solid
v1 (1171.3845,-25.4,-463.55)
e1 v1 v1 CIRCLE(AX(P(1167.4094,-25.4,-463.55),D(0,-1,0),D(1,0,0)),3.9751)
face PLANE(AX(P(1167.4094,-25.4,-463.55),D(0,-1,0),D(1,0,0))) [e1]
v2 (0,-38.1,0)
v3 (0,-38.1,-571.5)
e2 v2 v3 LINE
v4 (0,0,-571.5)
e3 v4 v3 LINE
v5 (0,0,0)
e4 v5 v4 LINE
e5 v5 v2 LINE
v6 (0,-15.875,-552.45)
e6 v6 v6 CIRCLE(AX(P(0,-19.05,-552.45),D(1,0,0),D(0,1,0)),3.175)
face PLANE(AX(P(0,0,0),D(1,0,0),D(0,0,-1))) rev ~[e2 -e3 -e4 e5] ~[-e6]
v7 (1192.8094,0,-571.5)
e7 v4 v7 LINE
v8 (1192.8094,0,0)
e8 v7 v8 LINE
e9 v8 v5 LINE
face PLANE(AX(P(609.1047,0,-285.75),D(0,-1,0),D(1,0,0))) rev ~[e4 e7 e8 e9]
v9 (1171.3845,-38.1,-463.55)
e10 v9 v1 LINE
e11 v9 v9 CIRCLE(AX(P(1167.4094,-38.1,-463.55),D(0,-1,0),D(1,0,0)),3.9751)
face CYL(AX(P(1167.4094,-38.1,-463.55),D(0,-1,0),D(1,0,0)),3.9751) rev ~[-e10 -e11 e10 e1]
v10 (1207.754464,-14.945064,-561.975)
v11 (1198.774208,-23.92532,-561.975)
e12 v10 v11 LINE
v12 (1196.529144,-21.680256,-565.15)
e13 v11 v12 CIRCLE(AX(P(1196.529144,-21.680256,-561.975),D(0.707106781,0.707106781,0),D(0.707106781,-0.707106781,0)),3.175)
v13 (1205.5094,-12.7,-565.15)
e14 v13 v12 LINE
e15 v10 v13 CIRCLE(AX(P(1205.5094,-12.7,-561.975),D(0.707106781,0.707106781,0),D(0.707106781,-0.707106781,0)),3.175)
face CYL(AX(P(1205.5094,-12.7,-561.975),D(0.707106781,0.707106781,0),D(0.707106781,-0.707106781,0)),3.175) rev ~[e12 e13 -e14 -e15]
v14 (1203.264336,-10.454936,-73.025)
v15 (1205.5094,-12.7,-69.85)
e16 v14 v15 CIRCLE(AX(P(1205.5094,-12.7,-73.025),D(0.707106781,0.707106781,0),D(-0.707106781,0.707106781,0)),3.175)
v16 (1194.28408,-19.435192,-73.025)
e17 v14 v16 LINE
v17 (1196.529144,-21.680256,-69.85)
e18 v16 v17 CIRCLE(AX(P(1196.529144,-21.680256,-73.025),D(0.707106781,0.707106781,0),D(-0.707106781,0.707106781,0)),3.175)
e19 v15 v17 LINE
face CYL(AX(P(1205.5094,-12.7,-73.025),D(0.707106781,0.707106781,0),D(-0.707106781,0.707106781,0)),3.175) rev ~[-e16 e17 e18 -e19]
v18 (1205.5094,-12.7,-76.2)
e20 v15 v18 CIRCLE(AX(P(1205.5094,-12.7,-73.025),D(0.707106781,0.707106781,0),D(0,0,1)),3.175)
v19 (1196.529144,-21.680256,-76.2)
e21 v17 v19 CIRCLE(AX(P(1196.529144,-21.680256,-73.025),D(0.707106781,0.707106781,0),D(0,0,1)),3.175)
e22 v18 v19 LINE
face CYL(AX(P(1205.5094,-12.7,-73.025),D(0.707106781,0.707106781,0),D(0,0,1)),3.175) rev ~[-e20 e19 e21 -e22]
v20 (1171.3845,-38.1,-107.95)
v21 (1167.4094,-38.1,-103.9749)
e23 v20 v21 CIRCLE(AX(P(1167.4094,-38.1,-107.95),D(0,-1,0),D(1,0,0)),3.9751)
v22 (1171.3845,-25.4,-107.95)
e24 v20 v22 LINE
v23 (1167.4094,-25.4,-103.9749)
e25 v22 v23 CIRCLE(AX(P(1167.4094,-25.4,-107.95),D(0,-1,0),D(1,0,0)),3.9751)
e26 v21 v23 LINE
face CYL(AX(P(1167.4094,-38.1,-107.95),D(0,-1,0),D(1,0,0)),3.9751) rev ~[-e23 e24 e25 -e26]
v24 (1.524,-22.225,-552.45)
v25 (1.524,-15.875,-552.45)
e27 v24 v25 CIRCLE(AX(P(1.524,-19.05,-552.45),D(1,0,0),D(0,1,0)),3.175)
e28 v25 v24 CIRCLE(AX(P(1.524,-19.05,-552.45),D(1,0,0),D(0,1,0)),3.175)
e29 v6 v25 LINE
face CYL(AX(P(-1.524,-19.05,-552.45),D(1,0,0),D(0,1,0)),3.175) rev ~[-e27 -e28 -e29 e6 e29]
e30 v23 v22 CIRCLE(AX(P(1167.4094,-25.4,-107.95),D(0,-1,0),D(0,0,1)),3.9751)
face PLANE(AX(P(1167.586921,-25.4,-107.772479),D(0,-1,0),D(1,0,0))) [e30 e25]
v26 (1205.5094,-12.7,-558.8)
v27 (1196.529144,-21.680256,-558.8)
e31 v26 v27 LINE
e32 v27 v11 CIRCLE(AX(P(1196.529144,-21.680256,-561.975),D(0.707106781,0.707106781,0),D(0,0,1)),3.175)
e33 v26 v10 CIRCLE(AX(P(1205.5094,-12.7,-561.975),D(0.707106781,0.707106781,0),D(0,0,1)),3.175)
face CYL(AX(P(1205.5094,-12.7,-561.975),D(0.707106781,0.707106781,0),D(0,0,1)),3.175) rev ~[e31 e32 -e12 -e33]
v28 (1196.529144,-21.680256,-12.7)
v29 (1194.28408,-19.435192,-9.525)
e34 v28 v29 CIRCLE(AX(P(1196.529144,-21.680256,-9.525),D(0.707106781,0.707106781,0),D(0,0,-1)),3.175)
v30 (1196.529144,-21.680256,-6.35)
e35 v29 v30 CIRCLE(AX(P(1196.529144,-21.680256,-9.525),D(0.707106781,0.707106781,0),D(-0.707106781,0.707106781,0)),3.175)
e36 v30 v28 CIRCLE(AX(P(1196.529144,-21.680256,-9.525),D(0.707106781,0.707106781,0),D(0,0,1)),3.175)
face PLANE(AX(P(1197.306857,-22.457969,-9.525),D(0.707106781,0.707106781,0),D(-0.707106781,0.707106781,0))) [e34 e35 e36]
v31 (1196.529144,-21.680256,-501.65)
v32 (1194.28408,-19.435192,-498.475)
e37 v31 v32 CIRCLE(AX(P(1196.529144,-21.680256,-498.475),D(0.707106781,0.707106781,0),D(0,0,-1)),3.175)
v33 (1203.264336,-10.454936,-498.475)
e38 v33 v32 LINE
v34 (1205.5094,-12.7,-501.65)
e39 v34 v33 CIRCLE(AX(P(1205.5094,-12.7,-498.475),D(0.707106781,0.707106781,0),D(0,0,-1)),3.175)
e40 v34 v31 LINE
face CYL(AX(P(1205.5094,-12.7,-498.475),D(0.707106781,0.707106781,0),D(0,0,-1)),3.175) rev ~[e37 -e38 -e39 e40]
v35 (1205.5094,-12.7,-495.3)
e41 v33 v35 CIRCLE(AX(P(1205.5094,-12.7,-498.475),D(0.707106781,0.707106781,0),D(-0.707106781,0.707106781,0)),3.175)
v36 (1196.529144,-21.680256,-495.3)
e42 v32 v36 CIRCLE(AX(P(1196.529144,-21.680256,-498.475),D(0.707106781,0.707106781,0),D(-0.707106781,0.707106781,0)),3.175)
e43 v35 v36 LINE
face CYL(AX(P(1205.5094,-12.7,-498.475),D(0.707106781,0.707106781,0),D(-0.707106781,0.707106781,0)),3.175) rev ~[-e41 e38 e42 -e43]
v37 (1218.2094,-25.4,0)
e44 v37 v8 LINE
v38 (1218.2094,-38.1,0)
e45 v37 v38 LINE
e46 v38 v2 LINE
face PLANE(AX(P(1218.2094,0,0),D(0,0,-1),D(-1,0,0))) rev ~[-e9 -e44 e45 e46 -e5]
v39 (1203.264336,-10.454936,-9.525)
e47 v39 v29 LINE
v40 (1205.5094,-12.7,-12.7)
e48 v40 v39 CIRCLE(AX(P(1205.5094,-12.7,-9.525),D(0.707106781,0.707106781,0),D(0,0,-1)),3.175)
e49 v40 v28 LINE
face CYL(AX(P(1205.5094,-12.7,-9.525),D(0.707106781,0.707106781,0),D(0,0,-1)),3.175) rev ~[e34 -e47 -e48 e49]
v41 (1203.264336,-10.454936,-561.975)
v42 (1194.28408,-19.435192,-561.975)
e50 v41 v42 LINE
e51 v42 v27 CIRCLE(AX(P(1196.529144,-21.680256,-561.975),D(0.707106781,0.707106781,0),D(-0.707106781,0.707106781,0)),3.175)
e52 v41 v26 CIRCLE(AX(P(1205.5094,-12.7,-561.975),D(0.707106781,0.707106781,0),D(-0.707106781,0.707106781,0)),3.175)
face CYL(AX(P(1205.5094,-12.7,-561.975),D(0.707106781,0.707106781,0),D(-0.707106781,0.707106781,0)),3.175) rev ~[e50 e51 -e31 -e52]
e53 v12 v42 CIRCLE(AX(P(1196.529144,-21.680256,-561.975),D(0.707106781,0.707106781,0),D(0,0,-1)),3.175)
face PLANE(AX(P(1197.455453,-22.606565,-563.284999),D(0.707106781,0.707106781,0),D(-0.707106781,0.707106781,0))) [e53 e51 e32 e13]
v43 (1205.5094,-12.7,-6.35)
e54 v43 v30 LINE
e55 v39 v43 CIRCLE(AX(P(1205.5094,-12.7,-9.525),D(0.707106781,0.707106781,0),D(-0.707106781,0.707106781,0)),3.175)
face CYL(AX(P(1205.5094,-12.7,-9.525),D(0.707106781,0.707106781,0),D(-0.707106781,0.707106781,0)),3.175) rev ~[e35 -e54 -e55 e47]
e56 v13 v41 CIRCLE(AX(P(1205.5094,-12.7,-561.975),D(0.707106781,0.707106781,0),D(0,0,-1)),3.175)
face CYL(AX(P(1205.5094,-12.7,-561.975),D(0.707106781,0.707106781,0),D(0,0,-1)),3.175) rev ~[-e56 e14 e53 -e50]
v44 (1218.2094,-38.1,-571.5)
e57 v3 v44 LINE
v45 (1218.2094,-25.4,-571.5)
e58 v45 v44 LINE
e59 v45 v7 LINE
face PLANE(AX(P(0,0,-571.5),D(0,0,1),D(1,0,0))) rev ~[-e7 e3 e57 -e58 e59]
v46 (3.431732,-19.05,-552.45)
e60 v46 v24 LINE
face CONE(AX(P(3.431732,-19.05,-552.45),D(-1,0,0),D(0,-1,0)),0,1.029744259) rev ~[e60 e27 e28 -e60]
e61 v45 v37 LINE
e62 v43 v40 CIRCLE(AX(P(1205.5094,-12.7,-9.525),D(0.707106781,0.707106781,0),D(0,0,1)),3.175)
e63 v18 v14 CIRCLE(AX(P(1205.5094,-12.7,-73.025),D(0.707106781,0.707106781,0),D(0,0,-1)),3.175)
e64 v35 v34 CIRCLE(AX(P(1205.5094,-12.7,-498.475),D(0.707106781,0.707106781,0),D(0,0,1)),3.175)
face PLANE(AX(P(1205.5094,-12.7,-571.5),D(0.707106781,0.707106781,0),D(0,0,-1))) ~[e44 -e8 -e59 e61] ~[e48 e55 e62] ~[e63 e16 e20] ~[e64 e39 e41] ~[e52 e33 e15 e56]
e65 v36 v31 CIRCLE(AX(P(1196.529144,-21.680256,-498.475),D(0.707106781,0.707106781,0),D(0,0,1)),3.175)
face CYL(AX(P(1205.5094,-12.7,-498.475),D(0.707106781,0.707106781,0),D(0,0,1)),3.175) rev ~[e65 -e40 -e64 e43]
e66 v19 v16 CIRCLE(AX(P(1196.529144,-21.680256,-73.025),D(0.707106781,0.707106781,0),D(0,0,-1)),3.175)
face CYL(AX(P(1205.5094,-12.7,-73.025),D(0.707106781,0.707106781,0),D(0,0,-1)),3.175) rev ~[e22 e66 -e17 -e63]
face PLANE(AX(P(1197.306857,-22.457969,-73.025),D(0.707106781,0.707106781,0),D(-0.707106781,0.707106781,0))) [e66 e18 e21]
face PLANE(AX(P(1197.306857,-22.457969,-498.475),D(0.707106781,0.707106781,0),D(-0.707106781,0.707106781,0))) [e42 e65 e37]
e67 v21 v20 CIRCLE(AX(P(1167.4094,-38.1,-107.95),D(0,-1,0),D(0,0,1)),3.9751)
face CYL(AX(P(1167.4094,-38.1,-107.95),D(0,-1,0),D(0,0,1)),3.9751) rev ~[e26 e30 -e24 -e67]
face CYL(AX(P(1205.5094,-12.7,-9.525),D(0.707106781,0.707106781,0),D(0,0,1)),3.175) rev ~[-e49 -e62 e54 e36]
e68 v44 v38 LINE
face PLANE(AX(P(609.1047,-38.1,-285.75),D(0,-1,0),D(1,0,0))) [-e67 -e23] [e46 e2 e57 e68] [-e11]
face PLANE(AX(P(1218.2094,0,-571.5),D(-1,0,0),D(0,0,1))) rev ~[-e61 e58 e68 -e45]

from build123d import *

# Parameters (mm, degrees)
F1_DEPTH = 38.1
F3_D     = 6.35
F3_DEPTH = 1.524
F3_TIP   = 1.9077324654
F4_SIZE2 = 25.4
F4_SIZE  = 25.4
F6_DEPTH = 12.7
F7_R     = 3.9751
F8_DEPTH = 12.7


with BuildPart() as f1:
    # F0 (on Front) → F1 (new body)
    with BuildSketch(Plane.XZ):
        Polygon((0, -6.35), (0, -571.5), (1218.2094, -571.5), (1218.2094, -6.35), (1218.2094, 0), (0, 0), align=None)
    extrude(amount=F1_DEPTH)

    # F3
    with Locations(Plane(origin=(0, 0, 0), x_dir=(0, -1, 0), z_dir=(-1, 0, 0))):
        with Locations((19.05, -552.45), (19.05, -590.55)):
            Hole(F3_D / 2, depth=F3_DEPTH)
            with Locations((0, 0, -(F3_DEPTH + F3_TIP / 2))):  # 118° drill point
                Cone(0, F3_D / 2, F3_TIP, mode=Mode.SUBTRACT)

    # F4
    f4_edges = [f1.edges().sort_by_distance(p)[0] for p in [
        (1218.2094, 0, -285.75),
    ]]
    chamfer(f4_edges, length=F4_SIZE, length2=F4_SIZE2)

    # F5 (on face) → F6 (cut)
    with BuildSketch(Plane(origin=(596.4047, 596.4047, 0), x_dir=(-0.7071067812, 0.7071067812, 0), z_dir=(0.7071067812, 0.7071067812, 0))):
        with BuildLine():
            ThreePointArc((-864.5791276452, -561.975), (-863.6491916755, -564.2200640303), (-861.4041276452, -565.15))
            Line((-861.4041276452, -565.15), (-861.4041276452, -561.975))
            Line((-861.4041276452, -561.975), (-864.5791276452, -561.975))
        make_face()
        with BuildLine():
            ThreePointArc((-861.4041276452, -6.35), (-864.5791276452, -9.525), (-861.4041276452, -12.7))
            Line((-861.4041276452, -12.7), (-861.4041276452, -6.35))
        make_face()
        with BuildLine():
            Line((-861.4041276452, -6.35), (-861.4041276452, -12.7))
            ThreePointArc((-861.4041276452, -12.7), (-859.1590636149, -11.7700640303), (-858.2291276452, -9.525))
            ThreePointArc((-858.2291276452, -9.525), (-859.1590636149, -7.2799359697), (-861.4041276452, -6.35))
        make_face()
        with BuildLine():
            ThreePointArc((-861.4041276452, -69.85), (-864.5791276452, -73.025), (-861.4041276452, -76.2))
            Line((-861.4041276452, -76.2), (-861.4041276452, -69.85))
        make_face()
        with BuildLine():
            Line((-861.4041276452, -69.85), (-861.4041276452, -76.2))
            ThreePointArc((-861.4041276452, -76.2), (-859.1590636149, -75.2700640303), (-858.2291276452, -73.025))
            ThreePointArc((-858.2291276452, -73.025), (-859.1590636149, -70.7799359697), (-861.4041276452, -69.85))
        make_face()
        with BuildLine():
            ThreePointArc((-861.4041276452, -495.3), (-864.5791276452, -498.475), (-861.4041276452, -501.65))
            Line((-861.4041276452, -501.65), (-861.4041276452, -498.475))
            Line((-861.4041276452, -498.475), (-861.4041276452, -495.3))
        make_face()
        with BuildLine():
            Line((-861.4041276452, -498.475), (-861.4041276452, -501.65))
            ThreePointArc((-861.4041276452, -501.65), (-859.1590636149, -500.7200640303), (-858.2291276452, -498.475))
            ThreePointArc((-858.2291276452, -498.475), (-859.1590636149, -496.2299359697), (-861.4041276452, -495.3))
            Line((-861.4041276452, -495.3), (-861.4041276452, -498.475))
        make_face()
        with BuildLine():
            Line((-861.4041276452, -561.975), (-861.4041276452, -565.15))
            ThreePointArc((-861.4041276452, -565.15), (-859.1590636149, -564.2200640303), (-858.2291276452, -561.975))
            ThreePointArc((-858.2291276452, -561.975), (-859.1590636149, -559.7299359697), (-861.4041276452, -558.8))
            Line((-861.4041276452, -558.8), (-861.4041276452, -561.975))
        make_face()
        with BuildLine():
            Line((-864.5791276452, -561.975), (-861.4041276452, -561.975))
            Line((-861.4041276452, -561.975), (-861.4041276452, -558.8))
            ThreePointArc((-861.4041276452, -558.8), (-863.6491916755, -559.7299359697), (-864.5791276452, -561.975))
        make_face()
    extrude(amount=-F6_DEPTH, mode=Mode.SUBTRACT)

    # F7 (on face) → F8 (cut)
    with BuildSketch(Plane.XZ.offset(38.1)):
        with BuildLine():
            ThreePointArc((1167.4094, -103.9749), (1164.5985798341, -110.7608201659), (1171.3845, -107.95))
            ThreePointArc((1171.3845, -107.95), (1170.2202201659, -105.1391798341), (1167.4094, -103.9749))
        make_face()
        with Locations((1167.4094, -463.55)):
            Circle(F7_R)
    extrude(amount=-F8_DEPTH, mode=Mode.SUBTRACT)


solid = f1.part
